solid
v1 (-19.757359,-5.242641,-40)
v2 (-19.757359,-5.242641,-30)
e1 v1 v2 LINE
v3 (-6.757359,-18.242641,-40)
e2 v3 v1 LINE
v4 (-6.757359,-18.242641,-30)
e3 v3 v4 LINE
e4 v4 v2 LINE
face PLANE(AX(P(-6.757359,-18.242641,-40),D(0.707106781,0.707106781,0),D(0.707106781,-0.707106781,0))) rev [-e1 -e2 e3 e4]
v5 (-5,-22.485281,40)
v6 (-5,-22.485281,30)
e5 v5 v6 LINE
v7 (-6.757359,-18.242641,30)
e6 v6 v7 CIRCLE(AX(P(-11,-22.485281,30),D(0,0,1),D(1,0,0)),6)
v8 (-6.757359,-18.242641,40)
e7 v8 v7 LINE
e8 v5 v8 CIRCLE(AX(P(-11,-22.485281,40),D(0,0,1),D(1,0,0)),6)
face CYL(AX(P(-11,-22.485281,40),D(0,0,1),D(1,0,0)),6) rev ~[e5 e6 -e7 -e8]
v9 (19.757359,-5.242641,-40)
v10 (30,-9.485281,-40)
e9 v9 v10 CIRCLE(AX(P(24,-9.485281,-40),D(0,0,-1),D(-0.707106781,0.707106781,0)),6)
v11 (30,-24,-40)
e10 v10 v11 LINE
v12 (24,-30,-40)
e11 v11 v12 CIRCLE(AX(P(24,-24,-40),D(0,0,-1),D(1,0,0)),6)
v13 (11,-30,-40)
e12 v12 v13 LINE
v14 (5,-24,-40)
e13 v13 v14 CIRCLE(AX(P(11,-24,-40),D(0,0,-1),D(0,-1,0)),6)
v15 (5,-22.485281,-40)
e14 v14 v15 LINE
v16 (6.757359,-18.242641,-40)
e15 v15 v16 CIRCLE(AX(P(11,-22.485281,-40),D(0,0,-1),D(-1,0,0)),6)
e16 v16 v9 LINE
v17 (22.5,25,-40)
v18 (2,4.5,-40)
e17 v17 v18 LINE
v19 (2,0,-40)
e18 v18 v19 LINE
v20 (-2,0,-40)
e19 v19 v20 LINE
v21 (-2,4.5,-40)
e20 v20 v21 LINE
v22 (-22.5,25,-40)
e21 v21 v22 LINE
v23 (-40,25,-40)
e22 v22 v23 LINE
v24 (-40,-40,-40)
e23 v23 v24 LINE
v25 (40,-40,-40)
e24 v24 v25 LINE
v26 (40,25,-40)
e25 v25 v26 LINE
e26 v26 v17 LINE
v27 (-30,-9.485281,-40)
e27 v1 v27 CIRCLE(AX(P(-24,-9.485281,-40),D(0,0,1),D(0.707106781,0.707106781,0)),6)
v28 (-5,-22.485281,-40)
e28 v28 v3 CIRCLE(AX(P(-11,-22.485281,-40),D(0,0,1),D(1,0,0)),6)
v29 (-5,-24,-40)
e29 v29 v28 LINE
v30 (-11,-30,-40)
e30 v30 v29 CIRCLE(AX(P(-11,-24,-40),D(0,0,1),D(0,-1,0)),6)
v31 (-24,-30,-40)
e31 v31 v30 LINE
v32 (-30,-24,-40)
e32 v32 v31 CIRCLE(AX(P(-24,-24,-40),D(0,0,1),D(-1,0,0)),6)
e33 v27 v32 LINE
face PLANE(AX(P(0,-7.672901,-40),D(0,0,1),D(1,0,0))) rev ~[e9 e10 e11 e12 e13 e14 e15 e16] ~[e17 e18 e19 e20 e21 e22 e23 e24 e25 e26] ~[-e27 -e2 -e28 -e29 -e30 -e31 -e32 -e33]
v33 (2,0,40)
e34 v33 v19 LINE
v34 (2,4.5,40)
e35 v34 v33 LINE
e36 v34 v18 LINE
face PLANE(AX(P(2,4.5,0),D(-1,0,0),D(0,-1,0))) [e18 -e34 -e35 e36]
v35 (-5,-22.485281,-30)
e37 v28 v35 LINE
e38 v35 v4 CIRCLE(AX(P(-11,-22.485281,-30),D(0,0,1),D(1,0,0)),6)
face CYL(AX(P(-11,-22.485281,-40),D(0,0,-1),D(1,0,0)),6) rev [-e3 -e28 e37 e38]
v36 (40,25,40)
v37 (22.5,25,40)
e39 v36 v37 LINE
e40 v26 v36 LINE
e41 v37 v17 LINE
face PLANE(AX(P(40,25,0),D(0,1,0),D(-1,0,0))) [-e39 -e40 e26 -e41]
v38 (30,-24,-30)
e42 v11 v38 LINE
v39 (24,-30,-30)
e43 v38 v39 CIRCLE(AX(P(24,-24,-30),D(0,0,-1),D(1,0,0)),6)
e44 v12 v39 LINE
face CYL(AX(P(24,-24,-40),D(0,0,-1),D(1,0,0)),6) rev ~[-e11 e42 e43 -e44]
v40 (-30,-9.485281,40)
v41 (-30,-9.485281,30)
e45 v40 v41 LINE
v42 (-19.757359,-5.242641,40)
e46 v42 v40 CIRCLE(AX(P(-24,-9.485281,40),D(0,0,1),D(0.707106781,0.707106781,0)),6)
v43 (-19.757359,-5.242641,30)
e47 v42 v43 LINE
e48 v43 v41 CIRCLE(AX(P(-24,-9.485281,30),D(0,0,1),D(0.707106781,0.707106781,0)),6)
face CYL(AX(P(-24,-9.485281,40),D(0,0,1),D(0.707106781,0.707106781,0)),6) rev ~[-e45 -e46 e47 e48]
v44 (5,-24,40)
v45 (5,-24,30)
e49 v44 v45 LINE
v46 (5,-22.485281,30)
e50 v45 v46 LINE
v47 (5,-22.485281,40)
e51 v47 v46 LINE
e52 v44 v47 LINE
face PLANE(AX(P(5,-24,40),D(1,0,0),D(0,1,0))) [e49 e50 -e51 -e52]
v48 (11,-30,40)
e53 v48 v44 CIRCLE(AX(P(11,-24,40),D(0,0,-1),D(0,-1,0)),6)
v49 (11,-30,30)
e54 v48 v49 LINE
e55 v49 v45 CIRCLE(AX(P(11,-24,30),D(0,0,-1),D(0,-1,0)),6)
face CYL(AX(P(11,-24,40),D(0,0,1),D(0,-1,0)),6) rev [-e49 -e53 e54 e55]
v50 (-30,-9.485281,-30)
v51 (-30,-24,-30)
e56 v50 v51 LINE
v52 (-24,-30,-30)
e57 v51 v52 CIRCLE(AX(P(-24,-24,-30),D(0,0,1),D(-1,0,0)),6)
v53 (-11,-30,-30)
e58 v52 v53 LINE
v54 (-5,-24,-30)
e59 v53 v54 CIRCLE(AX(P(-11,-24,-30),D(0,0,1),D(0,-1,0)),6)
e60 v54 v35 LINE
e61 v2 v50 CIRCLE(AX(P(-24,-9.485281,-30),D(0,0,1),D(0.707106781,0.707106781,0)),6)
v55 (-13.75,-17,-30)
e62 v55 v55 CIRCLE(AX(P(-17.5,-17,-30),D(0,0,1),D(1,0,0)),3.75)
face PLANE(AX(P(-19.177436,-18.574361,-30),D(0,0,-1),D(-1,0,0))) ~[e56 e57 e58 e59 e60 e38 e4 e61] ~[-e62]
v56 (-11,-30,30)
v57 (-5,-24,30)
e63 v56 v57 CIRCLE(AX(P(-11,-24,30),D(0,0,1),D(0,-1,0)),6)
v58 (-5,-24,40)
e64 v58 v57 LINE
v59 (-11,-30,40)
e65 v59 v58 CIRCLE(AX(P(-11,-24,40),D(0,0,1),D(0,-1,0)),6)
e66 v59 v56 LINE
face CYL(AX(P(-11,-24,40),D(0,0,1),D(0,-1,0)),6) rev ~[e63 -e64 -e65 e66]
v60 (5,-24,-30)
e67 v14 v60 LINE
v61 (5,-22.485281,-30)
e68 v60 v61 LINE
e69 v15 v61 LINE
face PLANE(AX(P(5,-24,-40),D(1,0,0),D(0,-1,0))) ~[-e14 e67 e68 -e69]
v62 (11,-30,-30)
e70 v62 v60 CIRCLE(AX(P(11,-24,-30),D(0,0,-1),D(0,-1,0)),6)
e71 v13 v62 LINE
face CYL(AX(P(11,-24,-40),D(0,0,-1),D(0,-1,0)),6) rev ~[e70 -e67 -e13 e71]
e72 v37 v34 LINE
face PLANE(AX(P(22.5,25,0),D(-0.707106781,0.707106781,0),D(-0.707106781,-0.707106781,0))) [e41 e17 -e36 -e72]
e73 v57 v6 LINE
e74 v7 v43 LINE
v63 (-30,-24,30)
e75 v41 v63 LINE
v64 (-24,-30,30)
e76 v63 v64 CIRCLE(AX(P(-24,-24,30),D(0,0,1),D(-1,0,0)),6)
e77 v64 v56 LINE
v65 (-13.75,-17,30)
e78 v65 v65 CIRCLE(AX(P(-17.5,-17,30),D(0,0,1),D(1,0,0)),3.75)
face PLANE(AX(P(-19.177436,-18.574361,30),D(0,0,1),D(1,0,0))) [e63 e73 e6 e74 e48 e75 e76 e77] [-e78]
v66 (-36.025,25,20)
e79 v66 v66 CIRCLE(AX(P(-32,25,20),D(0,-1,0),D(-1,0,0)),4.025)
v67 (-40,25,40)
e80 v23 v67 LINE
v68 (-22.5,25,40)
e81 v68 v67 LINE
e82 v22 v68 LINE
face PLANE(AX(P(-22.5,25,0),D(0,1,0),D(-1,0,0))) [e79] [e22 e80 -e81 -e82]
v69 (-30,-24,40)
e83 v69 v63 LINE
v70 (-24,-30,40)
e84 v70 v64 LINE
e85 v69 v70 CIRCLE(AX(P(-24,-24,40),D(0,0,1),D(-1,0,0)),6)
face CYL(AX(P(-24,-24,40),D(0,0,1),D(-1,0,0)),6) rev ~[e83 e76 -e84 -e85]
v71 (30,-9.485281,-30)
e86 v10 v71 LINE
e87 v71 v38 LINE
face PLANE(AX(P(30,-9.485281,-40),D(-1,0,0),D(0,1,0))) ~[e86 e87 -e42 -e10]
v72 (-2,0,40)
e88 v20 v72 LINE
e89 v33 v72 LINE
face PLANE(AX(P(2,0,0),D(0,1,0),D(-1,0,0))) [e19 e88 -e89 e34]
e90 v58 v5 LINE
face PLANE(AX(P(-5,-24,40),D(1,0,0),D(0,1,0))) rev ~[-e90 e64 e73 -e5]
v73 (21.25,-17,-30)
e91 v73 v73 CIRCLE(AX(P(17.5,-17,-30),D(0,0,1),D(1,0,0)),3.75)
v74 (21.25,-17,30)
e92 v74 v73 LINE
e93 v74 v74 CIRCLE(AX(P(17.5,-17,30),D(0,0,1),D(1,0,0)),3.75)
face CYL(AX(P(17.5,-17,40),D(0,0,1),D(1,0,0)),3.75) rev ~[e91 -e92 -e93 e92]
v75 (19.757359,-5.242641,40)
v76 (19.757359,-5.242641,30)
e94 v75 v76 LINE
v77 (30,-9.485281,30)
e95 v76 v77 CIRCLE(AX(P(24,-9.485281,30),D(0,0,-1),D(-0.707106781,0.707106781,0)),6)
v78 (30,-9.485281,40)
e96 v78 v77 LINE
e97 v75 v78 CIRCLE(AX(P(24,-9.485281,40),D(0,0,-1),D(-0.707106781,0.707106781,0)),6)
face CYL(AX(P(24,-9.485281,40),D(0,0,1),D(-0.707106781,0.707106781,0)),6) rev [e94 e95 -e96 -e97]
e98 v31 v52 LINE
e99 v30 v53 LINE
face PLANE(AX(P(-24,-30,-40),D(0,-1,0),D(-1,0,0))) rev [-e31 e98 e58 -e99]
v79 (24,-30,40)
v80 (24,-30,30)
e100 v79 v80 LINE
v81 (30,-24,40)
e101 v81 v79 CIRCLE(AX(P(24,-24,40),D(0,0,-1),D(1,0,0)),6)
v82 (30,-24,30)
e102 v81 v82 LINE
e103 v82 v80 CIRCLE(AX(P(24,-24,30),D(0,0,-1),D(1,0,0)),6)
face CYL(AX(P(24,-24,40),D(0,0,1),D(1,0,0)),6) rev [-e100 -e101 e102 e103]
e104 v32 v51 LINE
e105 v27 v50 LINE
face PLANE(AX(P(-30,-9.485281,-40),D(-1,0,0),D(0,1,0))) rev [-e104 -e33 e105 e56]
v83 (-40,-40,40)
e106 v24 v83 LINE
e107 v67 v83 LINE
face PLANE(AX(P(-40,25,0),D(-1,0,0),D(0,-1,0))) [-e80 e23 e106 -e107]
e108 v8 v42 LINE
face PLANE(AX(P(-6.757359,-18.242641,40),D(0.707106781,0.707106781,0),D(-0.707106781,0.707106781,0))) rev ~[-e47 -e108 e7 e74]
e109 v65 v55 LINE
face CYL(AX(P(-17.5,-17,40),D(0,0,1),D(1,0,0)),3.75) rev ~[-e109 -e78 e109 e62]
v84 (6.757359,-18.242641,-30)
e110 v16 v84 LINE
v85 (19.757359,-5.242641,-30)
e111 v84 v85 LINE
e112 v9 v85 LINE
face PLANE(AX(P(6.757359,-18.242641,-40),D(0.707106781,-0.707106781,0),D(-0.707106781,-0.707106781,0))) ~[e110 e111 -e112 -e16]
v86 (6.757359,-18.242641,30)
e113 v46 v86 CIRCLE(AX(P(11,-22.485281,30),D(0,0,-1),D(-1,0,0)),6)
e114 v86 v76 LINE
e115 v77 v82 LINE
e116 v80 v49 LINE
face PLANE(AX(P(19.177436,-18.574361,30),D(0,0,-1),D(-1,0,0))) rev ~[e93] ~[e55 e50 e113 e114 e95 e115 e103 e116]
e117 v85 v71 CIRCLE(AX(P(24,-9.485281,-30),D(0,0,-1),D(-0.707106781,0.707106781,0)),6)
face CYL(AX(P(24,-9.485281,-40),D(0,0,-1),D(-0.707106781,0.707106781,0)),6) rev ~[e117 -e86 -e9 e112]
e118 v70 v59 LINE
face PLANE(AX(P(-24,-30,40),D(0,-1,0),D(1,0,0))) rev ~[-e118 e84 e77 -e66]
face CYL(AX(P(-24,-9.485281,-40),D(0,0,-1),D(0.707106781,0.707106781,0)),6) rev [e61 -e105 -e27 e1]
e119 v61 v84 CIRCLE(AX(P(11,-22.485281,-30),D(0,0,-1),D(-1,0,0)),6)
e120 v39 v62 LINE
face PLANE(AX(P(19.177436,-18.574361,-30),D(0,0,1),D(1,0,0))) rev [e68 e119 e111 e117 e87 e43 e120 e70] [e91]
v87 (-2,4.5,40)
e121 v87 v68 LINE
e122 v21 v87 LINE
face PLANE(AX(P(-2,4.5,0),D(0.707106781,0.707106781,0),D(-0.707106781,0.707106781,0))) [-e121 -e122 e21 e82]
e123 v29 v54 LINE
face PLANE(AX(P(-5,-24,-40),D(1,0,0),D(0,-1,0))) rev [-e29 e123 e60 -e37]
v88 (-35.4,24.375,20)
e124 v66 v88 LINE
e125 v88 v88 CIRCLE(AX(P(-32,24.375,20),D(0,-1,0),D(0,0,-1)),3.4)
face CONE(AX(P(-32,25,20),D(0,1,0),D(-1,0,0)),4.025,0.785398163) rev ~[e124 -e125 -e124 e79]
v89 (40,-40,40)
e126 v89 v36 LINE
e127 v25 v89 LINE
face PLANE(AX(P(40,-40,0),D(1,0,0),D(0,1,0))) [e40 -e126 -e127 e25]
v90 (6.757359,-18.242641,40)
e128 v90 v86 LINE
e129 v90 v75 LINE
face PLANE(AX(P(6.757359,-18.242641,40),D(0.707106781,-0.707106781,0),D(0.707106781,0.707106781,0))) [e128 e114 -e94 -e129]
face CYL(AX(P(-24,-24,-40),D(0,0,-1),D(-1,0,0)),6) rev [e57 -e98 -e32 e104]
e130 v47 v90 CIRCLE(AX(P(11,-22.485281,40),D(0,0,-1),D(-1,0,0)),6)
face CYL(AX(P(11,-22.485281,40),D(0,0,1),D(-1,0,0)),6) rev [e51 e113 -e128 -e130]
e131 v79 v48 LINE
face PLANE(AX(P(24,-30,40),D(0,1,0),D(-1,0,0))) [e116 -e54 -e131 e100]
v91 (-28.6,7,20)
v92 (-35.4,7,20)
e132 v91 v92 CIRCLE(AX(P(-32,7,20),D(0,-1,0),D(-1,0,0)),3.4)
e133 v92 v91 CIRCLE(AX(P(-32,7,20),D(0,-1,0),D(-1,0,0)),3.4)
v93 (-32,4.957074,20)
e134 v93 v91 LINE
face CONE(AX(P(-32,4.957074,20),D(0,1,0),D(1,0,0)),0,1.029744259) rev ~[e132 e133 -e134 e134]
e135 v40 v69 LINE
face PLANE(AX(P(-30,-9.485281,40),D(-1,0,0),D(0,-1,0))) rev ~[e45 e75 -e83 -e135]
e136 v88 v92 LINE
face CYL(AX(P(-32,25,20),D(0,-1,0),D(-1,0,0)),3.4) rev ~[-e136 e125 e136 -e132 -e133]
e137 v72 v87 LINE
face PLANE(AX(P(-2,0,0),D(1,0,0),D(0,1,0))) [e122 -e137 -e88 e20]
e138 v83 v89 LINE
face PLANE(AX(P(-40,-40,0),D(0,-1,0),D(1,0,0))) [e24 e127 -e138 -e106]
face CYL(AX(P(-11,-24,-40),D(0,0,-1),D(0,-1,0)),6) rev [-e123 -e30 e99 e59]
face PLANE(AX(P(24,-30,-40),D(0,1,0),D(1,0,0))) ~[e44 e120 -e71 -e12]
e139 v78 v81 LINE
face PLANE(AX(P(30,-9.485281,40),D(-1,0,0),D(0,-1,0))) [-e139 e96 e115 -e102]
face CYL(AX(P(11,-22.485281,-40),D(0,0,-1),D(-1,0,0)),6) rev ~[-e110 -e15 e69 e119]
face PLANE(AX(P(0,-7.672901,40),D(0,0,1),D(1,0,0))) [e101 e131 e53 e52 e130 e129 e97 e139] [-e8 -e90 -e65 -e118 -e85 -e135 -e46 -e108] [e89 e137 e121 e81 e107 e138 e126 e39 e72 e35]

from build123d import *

# Parameters (mm, degrees)
Y_KSEKLIK_EKSTR_ZYON1_DEPTH = 40
IZIM2_R                     = 3.75
KES_EKSTR_ZYON1_DEPTH       = 10
IZIM3_R                     = 3.75
KES_EKSTR_ZYON2_DEPTH       = 81
M8_DI_LI_DELIK1_D           = 6.8
M8_DI_LI_DELIK1_DEPTH       = 18
M8_DI_LI_DELIK1_CSINK_D     = 8.05
M8_DI_LI_DELIK1_CSINK_ANGLE = 90
M8_DI_LI_DELIK1_TIP         = 2.042926105


with BuildPart() as part:
    # Çizim1 → Yükseklik-Ekstrüzyon1 (new body, symmetric)
    with BuildSketch(Plane.XY):
        Polygon((2, 0), (-2, 0), (-2, 4.5), (-22.5, 25), (-40, 25), (-40, -40), (40, -40), (40, 25), (22.5, 25), (2, 4.5), align=None)
    extrude(amount=Y_KSEKLIK_EKSTR_ZYON1_DEPTH, both=True)

    # Çizim2 → Kes-Ekstrüzyon1 (cut)
    with BuildSketch(Plane.XY.offset(40)):
        with BuildLine():
            Line((30, -9.485281374), (30, -24))
            ThreePointArc((30, -24), (28.242640687, -28.242640687), (24, -30))
            Line((24, -30), (11, -30))
            ThreePointArc((11, -30), (6.757359313, -28.242640687), (5, -24))
            Line((5, -24), (5, -22.485281374))
            ThreePointArc((5, -22.485281374), (5.456722805, -20.18918078), (6.757359313, -18.242640687))
            Line((6.757359313, -18.242640687), (19.757359313, -5.242640687))
            ThreePointArc((19.757359313, -5.242640687), (26.296100594, -3.942004179), (30, -9.485281374))
        make_face()
        with Locations((17.5, -17)):
            Circle(IZIM2_R, mode=Mode.SUBTRACT)
        with BuildLine():
            Line((-24, -30), (-11, -30))
            ThreePointArc((-11, -30), (-6.757359313, -28.242640687), (-5, -24))
            Line((-5, -24), (-5, -22.485281374))
            ThreePointArc((-5, -22.485281374), (-5.456722805, -20.18918078), (-6.757359313, -18.242640687))
            Line((-6.757359313, -18.242640687), (-19.757359313, -5.242640687))
            ThreePointArc((-19.757359313, -5.242640687), (-26.296100594, -3.942004179), (-30, -9.485281374))
            Line((-30, -9.485281374), (-30, -24))
            ThreePointArc((-30, -24), (-28.242640687, -28.242640687), (-24, -30))
        make_face()
        with Locations((-17.5, -17)):
            Circle(IZIM2_R, mode=Mode.SUBTRACT)
    kes_ekstr_zyon1 = extrude(amount=-KES_EKSTR_ZYON1_DEPTH, mode=Mode.SUBTRACT)

    # Aynalama1: Kes-Ekstrüzyon1 across plane
    add(kes_ekstr_zyon1.mirror(Plane.XY), mode=Mode.SUBTRACT)

    # Çizim3 → Kes-Ekstrüzyon2 (cut, through all)
    with BuildSketch(Plane.XY.offset(40)):
        with Locations((-17.5, -17)):
            Circle(IZIM3_R)
        with Locations((17.5, -17)):
            Circle(IZIM3_R)
    extrude(amount=-KES_EKSTR_ZYON2_DEPTH, mode=Mode.SUBTRACT)

    # M8 Dişli Delik1
    with Locations(Plane(origin=(0, 25, 0), x_dir=(1, 0, 0), z_dir=(0, 1, 0))):
        with Locations((-32, -20)):
            CounterSinkHole(M8_DI_LI_DELIK1_D / 2, M8_DI_LI_DELIK1_CSINK_D / 2, depth=M8_DI_LI_DELIK1_DEPTH, counter_sink_angle=M8_DI_LI_DELIK1_CSINK_ANGLE)
            with Locations((0, 0, -(M8_DI_LI_DELIK1_DEPTH + M8_DI_LI_DELIK1_TIP / 2))):  # 118° drill point
                Cone(0, M8_DI_LI_DELIK1_D / 2, M8_DI_LI_DELIK1_TIP, mode=Mode.SUBTRACT)


solid = part.part
